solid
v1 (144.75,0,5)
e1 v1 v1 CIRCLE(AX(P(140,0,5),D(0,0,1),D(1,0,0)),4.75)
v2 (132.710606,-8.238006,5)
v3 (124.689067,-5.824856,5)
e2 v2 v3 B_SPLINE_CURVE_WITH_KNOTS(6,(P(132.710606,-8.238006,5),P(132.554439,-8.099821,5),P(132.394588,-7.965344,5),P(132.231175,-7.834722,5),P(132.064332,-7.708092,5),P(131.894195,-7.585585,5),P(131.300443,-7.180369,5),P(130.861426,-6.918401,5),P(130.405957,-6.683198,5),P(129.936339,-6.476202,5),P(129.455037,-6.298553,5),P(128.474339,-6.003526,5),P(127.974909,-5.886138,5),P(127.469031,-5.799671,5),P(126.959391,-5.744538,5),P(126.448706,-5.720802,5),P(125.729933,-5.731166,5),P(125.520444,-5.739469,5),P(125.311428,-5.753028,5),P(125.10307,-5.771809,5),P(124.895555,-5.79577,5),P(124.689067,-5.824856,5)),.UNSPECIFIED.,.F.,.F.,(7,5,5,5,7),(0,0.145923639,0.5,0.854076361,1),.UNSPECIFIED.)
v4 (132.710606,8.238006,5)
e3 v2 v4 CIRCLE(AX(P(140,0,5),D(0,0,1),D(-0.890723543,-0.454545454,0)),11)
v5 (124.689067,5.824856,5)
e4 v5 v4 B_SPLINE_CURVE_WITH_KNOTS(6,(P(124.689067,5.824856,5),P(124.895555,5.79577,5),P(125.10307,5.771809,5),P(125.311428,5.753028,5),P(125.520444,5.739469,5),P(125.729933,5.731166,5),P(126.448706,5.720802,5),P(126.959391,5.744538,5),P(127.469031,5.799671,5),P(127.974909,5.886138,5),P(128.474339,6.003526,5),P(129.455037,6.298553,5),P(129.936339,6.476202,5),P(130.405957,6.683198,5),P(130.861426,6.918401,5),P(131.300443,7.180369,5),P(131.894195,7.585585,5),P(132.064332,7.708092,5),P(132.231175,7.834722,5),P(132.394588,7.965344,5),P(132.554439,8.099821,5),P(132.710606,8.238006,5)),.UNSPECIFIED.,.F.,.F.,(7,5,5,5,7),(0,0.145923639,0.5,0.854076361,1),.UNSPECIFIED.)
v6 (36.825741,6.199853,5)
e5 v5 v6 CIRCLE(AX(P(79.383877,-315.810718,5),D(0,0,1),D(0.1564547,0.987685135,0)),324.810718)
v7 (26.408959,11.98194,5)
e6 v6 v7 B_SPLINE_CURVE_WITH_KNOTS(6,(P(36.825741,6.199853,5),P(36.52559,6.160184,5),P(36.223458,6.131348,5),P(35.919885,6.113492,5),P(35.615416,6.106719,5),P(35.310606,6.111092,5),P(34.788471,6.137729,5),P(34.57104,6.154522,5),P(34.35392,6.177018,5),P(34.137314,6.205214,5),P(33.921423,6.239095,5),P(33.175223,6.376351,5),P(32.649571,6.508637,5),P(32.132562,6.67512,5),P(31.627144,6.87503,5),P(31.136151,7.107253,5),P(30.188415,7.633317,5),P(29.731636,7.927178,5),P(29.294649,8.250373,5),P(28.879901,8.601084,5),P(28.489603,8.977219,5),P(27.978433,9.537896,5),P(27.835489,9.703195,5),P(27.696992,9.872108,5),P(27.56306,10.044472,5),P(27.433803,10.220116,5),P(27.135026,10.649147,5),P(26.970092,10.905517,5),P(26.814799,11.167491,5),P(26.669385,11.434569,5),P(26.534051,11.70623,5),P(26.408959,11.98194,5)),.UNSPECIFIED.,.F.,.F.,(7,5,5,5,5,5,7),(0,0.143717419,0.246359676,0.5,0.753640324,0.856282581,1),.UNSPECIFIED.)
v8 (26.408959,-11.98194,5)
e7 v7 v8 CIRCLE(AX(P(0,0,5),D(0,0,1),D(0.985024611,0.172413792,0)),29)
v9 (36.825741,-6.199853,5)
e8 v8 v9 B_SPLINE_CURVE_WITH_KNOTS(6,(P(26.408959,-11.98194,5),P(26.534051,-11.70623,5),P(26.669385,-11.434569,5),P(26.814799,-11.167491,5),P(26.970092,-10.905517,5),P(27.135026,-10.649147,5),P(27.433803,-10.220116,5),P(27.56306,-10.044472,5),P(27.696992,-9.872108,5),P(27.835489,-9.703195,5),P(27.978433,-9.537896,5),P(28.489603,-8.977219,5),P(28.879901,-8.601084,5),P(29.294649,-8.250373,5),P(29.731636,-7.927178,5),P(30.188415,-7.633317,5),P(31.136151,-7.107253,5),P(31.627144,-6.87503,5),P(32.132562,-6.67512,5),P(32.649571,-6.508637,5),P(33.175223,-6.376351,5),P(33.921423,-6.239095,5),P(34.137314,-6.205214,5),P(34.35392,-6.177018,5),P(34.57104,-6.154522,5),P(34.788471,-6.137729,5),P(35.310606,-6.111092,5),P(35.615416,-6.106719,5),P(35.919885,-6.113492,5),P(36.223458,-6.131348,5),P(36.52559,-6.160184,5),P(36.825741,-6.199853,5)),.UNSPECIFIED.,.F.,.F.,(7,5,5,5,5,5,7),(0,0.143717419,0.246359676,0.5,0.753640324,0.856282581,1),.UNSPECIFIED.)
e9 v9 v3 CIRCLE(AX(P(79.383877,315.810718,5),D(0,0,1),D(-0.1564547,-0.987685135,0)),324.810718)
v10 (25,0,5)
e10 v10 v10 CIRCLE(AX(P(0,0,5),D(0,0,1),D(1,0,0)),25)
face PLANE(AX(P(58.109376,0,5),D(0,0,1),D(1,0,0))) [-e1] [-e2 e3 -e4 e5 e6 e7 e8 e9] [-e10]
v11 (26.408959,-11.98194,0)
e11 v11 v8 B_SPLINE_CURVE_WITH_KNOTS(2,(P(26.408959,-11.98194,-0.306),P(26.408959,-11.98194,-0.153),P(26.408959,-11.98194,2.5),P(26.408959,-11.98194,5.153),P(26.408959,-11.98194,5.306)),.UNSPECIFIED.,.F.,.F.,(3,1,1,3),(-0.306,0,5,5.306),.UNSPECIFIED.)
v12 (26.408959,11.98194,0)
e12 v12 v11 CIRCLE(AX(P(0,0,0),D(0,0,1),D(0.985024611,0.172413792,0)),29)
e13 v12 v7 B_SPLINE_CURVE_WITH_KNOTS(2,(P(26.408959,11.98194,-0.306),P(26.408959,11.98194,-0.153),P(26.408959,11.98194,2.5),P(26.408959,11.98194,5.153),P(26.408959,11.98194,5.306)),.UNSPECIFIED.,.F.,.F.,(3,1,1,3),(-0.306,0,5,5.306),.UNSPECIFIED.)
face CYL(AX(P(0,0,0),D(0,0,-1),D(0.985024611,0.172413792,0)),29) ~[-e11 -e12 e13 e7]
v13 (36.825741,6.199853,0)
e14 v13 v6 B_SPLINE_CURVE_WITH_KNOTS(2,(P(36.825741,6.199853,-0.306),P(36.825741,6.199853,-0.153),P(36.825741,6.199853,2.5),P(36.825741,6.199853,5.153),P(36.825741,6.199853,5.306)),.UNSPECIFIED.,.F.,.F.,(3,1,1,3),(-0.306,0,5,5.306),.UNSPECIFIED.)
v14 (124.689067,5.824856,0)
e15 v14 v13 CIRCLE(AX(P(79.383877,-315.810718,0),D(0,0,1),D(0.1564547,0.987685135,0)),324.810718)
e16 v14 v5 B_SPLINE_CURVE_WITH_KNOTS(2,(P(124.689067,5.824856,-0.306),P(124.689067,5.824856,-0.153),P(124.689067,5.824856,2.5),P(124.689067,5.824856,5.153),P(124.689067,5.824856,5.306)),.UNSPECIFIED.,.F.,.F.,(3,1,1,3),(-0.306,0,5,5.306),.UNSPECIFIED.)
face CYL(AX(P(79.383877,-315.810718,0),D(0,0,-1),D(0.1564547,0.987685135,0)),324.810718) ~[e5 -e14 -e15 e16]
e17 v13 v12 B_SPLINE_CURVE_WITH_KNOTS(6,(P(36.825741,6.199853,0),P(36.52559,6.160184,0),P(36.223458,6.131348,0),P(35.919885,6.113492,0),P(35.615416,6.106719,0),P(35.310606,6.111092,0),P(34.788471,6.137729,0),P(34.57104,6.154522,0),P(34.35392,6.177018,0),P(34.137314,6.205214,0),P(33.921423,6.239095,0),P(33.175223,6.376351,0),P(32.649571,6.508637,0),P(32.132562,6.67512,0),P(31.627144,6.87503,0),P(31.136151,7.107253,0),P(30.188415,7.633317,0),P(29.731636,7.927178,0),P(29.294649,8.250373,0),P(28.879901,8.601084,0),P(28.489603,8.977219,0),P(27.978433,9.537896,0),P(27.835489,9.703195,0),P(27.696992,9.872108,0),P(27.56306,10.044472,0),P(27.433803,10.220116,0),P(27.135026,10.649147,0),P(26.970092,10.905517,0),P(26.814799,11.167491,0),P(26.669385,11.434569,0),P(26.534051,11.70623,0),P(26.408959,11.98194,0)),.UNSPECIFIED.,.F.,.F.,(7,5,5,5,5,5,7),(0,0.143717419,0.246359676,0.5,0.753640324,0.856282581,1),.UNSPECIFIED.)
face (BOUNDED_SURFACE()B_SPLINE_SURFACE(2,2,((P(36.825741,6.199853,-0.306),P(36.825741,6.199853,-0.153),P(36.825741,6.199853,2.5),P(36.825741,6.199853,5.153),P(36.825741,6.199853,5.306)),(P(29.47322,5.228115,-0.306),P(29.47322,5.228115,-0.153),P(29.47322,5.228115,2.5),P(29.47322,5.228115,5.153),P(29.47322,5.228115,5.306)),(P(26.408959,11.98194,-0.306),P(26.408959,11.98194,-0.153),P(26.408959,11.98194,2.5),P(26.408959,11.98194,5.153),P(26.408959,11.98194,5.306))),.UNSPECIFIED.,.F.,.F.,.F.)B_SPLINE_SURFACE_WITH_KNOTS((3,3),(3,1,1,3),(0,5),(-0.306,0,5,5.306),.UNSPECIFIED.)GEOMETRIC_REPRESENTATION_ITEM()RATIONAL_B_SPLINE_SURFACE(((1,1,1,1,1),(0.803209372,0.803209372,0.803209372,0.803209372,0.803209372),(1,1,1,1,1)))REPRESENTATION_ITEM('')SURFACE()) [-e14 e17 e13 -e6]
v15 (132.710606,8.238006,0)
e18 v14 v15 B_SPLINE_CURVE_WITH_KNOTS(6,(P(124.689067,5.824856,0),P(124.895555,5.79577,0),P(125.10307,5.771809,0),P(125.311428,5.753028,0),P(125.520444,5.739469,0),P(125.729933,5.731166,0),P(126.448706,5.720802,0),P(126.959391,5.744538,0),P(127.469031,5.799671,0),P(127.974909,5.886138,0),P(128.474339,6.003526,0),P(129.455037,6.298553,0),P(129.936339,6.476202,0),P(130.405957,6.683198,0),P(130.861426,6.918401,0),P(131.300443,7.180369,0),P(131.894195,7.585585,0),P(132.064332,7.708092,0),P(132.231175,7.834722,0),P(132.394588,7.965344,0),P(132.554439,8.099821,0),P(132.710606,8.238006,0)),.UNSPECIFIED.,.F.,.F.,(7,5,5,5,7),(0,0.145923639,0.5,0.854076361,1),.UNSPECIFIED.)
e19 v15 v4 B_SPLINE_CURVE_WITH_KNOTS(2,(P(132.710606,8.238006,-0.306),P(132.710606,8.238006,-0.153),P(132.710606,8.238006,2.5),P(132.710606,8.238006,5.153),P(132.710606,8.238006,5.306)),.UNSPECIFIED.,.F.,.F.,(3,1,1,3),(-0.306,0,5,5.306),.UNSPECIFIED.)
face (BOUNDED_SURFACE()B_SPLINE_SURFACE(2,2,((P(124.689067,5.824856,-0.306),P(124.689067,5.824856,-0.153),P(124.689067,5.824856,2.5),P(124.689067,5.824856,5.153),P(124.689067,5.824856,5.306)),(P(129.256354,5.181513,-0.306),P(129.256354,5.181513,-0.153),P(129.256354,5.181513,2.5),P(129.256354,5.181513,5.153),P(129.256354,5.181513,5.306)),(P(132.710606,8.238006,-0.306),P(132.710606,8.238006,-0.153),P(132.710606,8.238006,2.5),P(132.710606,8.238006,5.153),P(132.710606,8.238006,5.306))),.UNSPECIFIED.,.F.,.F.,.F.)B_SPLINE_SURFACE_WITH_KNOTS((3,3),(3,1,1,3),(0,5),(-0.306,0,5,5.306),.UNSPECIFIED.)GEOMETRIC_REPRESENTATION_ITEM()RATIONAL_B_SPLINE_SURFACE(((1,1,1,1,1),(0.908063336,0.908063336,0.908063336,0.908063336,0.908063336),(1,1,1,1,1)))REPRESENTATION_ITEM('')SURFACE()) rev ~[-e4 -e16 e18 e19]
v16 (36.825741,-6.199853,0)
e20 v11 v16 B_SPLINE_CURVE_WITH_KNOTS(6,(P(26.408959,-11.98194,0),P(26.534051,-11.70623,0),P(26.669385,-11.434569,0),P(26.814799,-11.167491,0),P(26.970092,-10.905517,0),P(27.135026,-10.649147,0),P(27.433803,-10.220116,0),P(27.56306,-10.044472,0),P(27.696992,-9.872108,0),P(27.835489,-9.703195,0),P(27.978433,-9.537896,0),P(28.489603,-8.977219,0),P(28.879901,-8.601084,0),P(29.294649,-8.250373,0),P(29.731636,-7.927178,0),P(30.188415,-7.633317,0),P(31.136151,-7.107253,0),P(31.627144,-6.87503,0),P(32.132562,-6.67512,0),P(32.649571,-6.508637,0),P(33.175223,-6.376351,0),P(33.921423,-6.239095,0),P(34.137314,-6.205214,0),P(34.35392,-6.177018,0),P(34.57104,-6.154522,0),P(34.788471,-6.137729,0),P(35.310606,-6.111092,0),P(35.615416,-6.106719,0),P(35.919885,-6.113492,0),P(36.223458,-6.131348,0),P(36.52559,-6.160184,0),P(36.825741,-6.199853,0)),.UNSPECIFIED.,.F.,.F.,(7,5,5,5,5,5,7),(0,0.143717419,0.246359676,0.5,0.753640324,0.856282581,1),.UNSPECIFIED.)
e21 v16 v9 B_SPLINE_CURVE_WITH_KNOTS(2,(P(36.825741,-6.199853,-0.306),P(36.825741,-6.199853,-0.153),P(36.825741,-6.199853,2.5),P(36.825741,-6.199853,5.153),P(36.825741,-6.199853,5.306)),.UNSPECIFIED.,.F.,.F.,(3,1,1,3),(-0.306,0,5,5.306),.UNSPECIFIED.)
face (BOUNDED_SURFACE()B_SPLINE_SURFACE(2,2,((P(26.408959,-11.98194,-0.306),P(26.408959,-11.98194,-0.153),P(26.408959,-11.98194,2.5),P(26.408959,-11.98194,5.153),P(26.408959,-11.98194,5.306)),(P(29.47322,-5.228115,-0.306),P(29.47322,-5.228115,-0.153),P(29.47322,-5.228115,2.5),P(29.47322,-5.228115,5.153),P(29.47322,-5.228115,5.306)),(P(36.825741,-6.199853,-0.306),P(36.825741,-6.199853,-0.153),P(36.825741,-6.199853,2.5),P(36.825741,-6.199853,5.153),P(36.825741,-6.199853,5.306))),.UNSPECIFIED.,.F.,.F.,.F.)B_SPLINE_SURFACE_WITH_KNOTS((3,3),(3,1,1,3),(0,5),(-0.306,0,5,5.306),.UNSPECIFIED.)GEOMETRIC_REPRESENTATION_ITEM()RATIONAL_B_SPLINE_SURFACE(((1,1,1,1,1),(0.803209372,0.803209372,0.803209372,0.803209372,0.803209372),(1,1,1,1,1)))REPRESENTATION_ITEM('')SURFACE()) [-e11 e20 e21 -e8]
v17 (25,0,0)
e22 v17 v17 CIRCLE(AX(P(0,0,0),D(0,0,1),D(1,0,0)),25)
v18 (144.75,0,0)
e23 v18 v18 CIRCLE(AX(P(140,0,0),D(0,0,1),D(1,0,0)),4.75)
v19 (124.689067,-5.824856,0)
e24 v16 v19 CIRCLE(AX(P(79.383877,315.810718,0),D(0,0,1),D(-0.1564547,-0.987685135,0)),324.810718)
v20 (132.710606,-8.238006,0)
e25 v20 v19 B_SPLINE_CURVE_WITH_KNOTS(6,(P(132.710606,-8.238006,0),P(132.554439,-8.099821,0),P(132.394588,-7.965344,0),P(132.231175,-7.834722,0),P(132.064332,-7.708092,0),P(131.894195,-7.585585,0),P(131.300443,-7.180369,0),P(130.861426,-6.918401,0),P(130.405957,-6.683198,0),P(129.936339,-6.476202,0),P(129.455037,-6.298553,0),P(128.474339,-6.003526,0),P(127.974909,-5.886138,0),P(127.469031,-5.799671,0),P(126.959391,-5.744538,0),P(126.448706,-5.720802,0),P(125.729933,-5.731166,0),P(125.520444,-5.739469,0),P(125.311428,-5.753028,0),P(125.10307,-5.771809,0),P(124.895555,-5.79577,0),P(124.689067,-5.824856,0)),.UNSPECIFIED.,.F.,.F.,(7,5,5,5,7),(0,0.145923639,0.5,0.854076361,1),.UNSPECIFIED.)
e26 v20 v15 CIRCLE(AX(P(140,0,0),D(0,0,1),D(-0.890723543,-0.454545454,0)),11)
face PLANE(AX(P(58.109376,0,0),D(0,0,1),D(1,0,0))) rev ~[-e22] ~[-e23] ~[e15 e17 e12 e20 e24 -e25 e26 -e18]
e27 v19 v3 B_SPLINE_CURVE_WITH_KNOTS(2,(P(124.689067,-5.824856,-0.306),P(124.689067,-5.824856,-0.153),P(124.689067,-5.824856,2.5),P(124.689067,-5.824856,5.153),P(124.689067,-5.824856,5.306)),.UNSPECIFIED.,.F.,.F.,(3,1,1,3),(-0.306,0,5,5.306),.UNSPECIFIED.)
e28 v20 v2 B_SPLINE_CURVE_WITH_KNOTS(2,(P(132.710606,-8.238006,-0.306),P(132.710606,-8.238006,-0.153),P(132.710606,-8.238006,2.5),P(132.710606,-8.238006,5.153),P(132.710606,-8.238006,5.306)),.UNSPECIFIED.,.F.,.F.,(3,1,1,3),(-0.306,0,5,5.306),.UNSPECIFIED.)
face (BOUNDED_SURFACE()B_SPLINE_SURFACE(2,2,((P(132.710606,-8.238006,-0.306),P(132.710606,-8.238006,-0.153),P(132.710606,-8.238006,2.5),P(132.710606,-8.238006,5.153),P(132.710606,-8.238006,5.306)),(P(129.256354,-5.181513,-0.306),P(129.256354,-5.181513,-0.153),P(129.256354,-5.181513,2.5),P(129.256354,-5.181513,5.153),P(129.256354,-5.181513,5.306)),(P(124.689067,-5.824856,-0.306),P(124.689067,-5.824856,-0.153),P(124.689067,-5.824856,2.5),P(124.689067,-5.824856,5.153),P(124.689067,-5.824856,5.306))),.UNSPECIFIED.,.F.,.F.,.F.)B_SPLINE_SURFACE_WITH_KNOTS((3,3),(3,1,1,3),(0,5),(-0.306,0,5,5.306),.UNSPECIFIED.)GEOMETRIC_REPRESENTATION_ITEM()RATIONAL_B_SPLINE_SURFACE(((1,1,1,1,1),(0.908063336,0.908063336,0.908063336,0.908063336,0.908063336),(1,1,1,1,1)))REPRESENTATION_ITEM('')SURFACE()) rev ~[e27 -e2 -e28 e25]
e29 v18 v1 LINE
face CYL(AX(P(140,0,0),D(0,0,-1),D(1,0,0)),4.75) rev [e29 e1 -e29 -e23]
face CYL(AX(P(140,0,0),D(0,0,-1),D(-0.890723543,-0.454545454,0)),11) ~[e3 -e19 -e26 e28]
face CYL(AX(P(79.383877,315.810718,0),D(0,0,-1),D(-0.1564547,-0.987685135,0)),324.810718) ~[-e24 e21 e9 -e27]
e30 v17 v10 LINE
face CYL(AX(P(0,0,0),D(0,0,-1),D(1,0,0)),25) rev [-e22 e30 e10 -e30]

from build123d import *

# Parameters (mm, degrees)
F0_R     = 25
F0_R_2   = 4.75
F1_DEPTH = 5
F2_R     = 10


with BuildPart() as f1:
    # F0 (on Top) → F1 (new body)
    with BuildSketch(Plane.XY):
        with BuildLine():
            ThreePointArc((130.202041, 5), (79.383877, 9), (28.565714, 5))
            ThreePointArc((28.565714, 5), (-29, 0), (28.565714, -5))
            ThreePointArc((28.565714, -5), (79.383877, -9), (130.202041, -5))
            ThreePointArc((130.202041, -5), (151, 0), (130.202041, 5))
        make_face()
        Circle(F0_R, mode=Mode.SUBTRACT)
        with Locations((140, 0)):
            Circle(F0_R_2, mode=Mode.SUBTRACT)
    extrude(amount=F1_DEPTH)

    # F2
    f2_edges = [f1.edges().sort_by_distance(p)[0] for p in [
        (28.565714, -5, 2.5),
        (28.565714, 5, 2.5),
        (130.202041, 5, 2.5),
        (130.202041, -5, 2.5),
    ]]
    fillet(f2_edges, radius=F2_R)


solid = f1.part
